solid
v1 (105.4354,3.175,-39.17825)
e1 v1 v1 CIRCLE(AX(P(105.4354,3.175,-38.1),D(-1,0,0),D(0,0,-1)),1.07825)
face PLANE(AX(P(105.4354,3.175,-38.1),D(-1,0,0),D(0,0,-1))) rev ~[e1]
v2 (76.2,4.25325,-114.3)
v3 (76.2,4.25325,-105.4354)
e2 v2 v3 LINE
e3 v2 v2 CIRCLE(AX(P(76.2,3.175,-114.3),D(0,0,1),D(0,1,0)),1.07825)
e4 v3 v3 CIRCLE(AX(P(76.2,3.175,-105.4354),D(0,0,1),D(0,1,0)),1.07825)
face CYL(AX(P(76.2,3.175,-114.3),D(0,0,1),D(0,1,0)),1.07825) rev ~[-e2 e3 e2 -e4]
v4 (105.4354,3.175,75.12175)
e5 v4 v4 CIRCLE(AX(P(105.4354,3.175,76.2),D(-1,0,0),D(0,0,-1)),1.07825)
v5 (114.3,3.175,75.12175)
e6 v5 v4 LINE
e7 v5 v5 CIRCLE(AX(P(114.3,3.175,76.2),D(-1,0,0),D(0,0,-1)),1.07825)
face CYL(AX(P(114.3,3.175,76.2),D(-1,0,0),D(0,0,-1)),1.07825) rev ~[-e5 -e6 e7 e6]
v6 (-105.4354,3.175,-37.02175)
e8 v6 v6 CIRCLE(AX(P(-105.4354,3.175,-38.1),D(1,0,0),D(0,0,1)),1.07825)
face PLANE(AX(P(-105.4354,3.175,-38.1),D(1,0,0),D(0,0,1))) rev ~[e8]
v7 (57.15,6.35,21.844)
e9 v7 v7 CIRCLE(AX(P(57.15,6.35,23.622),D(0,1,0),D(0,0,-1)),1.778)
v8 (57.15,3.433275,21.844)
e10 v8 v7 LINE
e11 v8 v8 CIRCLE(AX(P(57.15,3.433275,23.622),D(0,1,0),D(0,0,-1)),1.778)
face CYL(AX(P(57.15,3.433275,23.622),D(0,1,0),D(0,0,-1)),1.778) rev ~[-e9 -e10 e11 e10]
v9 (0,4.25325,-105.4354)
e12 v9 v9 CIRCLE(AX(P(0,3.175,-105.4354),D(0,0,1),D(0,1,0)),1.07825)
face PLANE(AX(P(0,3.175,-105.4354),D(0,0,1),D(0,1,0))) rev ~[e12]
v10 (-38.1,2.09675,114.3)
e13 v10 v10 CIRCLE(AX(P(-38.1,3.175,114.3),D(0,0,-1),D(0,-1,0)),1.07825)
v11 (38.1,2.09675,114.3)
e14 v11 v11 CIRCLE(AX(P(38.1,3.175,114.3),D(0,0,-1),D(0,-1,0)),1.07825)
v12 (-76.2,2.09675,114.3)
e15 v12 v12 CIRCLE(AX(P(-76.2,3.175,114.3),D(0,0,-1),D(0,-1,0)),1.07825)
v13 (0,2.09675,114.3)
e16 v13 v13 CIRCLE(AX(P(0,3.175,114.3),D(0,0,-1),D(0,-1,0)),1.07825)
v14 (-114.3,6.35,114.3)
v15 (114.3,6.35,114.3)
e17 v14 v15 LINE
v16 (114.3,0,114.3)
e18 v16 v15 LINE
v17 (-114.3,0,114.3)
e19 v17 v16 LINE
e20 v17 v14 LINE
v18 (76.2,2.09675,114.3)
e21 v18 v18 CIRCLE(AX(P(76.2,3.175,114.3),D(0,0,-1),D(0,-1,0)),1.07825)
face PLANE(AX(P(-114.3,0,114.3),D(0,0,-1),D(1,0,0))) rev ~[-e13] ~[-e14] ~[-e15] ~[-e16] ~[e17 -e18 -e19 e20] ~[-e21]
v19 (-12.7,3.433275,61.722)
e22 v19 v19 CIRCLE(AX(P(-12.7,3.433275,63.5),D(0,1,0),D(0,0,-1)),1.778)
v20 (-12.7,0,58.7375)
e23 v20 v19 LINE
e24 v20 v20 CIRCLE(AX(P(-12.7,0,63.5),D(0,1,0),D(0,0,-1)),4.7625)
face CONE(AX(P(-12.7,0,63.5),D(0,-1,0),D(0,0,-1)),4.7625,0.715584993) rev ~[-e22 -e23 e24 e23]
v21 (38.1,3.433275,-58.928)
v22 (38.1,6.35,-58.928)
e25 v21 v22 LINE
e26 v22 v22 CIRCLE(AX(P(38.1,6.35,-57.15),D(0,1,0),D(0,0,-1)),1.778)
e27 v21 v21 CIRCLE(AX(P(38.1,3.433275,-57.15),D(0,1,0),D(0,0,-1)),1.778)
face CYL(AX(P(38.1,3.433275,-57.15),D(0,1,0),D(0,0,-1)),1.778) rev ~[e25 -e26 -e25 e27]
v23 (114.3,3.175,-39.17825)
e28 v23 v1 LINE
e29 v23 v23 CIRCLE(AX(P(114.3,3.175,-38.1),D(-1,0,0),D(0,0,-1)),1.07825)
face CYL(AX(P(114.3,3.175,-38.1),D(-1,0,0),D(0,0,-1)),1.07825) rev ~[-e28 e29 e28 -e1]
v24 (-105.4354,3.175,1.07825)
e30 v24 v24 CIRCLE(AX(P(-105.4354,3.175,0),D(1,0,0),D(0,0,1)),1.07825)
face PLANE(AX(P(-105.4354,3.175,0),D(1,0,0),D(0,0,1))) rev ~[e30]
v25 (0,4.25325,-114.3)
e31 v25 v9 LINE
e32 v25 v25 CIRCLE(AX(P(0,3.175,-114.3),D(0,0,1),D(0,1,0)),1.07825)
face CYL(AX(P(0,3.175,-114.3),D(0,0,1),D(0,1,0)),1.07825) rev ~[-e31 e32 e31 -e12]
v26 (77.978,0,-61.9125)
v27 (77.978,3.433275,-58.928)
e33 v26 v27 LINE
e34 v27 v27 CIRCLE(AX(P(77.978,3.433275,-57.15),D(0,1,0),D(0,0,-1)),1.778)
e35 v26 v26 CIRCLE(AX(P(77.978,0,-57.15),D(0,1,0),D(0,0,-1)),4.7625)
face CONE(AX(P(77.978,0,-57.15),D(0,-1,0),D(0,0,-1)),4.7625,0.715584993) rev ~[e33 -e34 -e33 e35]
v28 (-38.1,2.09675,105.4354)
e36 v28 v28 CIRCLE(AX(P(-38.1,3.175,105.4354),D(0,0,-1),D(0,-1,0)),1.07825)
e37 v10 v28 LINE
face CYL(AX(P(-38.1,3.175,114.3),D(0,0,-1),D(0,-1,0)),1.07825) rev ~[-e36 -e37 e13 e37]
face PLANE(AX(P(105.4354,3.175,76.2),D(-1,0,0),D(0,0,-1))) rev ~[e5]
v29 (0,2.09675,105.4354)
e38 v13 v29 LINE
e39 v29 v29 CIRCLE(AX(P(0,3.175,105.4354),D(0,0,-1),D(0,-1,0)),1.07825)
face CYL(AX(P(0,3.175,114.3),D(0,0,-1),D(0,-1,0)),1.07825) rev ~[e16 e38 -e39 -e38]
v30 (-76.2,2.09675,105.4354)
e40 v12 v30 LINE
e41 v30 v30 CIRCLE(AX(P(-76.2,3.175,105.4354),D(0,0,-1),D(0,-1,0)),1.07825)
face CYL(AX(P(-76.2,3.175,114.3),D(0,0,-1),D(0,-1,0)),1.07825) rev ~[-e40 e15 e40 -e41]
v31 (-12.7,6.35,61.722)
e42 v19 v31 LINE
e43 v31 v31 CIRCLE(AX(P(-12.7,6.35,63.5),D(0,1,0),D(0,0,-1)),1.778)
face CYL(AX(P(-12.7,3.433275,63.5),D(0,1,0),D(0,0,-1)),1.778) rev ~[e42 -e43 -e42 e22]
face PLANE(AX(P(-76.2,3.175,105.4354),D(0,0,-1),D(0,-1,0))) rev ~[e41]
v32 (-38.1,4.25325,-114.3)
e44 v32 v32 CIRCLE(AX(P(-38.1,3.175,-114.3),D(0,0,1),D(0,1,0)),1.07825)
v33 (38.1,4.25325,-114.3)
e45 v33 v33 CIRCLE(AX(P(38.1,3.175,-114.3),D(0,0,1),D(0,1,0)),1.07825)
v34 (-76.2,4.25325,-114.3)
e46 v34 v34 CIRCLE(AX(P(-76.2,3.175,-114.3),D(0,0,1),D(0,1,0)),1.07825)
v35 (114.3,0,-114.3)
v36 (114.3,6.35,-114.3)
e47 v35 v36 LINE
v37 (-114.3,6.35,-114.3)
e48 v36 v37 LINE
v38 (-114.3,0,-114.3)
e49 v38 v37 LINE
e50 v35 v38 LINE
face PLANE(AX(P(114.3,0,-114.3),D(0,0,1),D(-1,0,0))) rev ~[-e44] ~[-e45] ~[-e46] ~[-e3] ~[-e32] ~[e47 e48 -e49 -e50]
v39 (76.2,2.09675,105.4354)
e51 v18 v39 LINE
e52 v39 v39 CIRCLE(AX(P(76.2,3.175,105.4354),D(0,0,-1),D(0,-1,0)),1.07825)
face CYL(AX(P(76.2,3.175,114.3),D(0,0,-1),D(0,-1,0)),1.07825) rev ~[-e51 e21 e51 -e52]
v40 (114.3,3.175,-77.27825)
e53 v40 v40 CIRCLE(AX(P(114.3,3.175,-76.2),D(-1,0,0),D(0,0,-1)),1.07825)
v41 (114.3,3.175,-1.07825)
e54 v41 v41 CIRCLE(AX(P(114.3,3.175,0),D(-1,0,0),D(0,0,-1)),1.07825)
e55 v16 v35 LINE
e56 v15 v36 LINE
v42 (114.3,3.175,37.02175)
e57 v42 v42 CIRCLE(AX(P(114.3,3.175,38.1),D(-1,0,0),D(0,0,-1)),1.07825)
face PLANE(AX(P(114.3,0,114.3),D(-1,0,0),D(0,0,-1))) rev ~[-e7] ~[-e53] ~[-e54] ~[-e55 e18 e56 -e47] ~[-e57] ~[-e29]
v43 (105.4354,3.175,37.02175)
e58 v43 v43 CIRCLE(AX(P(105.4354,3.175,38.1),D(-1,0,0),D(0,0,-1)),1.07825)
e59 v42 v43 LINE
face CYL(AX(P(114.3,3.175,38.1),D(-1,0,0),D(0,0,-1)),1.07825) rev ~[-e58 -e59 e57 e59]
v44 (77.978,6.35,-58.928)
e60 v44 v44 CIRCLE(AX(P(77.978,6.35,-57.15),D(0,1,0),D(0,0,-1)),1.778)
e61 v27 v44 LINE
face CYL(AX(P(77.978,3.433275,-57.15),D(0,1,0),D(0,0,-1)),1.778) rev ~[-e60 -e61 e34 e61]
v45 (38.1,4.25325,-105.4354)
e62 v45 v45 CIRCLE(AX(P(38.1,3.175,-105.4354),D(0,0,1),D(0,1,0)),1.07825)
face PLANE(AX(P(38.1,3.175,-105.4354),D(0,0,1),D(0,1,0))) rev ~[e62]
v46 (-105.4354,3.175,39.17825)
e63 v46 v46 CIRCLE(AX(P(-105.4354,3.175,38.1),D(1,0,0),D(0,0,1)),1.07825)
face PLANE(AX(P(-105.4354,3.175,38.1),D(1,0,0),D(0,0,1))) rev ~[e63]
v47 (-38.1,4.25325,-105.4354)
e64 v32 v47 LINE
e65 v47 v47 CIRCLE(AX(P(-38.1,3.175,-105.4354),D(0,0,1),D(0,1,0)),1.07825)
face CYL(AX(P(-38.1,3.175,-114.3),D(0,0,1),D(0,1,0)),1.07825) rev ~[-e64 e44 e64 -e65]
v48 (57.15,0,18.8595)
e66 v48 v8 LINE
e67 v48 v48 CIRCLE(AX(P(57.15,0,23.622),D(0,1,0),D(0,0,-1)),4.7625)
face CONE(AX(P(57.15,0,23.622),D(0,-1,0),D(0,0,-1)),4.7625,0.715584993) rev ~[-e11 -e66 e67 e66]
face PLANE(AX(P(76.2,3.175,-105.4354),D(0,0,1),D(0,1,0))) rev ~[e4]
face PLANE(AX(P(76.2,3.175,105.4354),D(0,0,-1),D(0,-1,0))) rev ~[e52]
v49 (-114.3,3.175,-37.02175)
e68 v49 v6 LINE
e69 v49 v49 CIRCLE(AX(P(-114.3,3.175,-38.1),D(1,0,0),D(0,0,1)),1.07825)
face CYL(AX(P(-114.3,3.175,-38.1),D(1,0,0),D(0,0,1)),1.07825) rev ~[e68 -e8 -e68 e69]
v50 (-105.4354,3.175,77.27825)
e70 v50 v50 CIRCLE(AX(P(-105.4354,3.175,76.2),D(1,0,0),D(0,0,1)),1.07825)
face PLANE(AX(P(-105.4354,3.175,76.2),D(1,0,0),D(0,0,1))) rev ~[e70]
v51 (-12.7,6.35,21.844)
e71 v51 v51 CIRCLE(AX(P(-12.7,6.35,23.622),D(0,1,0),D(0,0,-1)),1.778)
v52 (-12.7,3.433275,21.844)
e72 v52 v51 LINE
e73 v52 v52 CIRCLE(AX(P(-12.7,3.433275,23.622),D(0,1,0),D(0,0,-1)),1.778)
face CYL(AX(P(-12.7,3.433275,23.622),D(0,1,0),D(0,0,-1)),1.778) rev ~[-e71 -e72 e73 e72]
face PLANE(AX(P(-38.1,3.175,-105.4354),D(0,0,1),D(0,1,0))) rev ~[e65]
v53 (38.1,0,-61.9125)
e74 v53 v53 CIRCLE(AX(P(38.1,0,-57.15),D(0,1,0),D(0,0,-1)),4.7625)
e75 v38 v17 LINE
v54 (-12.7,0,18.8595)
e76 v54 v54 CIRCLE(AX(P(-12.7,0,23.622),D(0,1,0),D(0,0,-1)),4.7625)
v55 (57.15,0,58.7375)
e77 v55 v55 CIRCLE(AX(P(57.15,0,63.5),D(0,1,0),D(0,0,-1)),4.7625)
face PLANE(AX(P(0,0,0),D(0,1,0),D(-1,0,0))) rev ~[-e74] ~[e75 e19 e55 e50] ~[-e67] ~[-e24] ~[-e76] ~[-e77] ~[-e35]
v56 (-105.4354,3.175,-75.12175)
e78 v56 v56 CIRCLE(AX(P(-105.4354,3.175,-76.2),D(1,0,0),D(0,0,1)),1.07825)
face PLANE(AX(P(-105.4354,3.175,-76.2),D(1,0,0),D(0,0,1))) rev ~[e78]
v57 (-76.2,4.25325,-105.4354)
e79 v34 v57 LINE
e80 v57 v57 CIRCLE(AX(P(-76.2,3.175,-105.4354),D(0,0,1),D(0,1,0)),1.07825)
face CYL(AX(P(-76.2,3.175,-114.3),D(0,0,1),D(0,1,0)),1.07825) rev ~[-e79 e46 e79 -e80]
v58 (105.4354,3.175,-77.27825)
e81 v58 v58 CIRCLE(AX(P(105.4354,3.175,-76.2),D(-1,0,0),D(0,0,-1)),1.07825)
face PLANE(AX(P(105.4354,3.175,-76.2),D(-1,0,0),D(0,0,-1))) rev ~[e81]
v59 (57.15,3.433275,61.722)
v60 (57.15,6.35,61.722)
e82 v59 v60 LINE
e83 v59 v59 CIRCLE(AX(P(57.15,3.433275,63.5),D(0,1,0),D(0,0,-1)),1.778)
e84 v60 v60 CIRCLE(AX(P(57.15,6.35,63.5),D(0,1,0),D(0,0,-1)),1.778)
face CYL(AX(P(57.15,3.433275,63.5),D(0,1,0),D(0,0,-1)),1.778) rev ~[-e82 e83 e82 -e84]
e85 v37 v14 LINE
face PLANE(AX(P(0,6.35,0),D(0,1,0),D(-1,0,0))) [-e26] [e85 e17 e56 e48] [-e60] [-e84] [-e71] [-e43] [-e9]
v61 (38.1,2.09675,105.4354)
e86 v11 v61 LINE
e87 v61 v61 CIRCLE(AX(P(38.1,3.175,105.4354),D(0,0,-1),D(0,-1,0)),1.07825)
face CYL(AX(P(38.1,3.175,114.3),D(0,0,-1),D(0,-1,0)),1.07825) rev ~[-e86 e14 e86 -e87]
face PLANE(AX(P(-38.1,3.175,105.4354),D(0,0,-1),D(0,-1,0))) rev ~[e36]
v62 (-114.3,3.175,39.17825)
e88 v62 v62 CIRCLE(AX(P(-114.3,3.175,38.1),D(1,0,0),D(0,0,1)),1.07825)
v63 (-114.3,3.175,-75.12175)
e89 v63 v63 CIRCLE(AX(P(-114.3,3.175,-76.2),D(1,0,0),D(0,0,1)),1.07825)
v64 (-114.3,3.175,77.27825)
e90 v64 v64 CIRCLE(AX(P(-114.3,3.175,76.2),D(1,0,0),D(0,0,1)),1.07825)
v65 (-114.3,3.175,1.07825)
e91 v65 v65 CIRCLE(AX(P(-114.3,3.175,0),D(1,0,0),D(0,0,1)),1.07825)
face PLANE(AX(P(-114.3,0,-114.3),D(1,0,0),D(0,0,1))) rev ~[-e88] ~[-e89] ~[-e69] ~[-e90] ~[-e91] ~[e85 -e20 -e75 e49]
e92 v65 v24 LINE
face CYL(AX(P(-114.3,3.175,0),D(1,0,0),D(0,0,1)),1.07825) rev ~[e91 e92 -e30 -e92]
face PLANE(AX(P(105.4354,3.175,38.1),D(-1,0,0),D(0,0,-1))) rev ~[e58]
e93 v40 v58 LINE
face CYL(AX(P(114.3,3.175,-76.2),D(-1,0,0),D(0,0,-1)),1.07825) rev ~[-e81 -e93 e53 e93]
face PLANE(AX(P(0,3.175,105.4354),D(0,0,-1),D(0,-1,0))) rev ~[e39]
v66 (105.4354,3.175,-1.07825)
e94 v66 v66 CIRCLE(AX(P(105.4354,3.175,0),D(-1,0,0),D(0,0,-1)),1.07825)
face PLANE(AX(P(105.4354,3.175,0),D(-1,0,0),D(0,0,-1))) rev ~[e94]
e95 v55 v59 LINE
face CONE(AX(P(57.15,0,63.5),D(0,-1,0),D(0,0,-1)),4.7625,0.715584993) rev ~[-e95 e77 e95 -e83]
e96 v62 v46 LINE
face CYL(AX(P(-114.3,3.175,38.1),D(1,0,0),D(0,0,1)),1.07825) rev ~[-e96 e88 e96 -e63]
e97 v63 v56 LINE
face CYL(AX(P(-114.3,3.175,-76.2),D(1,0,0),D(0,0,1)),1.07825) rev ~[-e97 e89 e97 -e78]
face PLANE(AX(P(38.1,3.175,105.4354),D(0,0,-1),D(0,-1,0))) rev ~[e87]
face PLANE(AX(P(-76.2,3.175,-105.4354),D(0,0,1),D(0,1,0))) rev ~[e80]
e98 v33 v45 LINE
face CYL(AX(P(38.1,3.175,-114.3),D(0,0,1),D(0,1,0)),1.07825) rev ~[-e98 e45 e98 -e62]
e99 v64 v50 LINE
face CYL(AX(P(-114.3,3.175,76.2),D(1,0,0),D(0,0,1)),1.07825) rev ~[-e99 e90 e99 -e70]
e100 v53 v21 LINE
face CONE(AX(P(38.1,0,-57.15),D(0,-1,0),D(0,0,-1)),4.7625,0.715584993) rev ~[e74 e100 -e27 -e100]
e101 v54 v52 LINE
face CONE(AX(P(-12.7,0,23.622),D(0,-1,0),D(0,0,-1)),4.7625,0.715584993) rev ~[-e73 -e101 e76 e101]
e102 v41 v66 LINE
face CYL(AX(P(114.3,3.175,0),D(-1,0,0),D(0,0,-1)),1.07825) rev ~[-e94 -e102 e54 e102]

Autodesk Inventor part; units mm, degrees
ref_plane "YZ Plane" through (0, 0, 0) normal (1, 0, 0) x (0, 1, 0)
ref_plane "XZ Plane" through (0, 0, 0) normal (0, 1, 0) x (-1, 0, 0)
ref_plane "XY Plane" through (0, 0, 0) normal (0, 0, 1) x (1, 0, 0)
sketch "Sketch1" plane through (0, 0, 0) normal (0, 1, 0) x (-1, 0, 0)
  line L0 (114.3, 114.3) -> (-114.3, 114.3)
  line L1 (-114.3, 114.3) -> (-114.3, -114.3)
  line L2 (-114.3, -114.3) -> (114.3, -114.3)
  line L3 (114.3, -114.3) -> (114.3, 114.3)
  point P0 (0, 0)
  dimension "d0" = 228.6
  dimension "d1" = 228.6
extrude "Extrusion1" add sketch "Sketch1" along normal blind 6.35
sketch "Sketch2" plane through (114.3, 0, 114.3) normal (1, 0, 0) x (0, 0, -1)
  line L0 (0, 3.175) -> (38.1, 3.175)
  line L1 (38.1, 3.175) -> (76.2, 3.175)
  line L2 (76.2, 3.175) -> (114.3, 3.175)
  line L3 (114.3, 3.175) -> (152.4, 3.175)
  line L4 (152.4, 3.175) -> (190.5, 3.175)
  line L5 (190.5, 3.175) -> (228.6, 3.175)
  line L6 (228.6, 0) -> (228.6, 3.175)
  point P0 (114.3, 0)
  point P1 (0, 0)
  dimension "d4" = 38.1
  dimension "d5" = 38.1
  dimension "d6" = 38.1
  dimension "d7" = 38.1
  dimension "d8" = 38.1
  dimension "d85" = 3.175
hole "Hole1" at (114.3, 3.175, 76.2) at (114.3, 3.175, 38.1) at (114.3, 3.175, 0) at (114.3, 3.175, -38.1) at (114.3, 3.175, -76.2) direction (-1, 0, 0) diameter 2.1565 depth 8.8646 thread size "4-40 UNC" class "2B" standard "ANSI Unified Screw Threads"
sketch "Sketch3" plane through (114.3, 0, -114.3) normal (0, 0, -1) x (-1, 0, 0)
  line L0 (0, 0) -> (0, 3.175)
  line L1 (0, 3.175) -> (38.1, 3.175)
  line L2 (38.1, 3.175) -> (76.2, 3.175)
  line L3 (76.2, 3.175) -> (114.3, 3.175)
  line L4 (114.3, 3.175) -> (152.4, 3.175)
  line L5 (152.4, 3.175) -> (190.5, 3.175)
  line L6 (190.5, 3.175) -> (228.6, 3.175)
  line L7 (228.6, 0) -> (228.6, 6.35) projected
  point P0 (114.3, 0)
  dimension "d16" = 38.1
  dimension "d17" = 38.1
  dimension "d18" = 38.1
  dimension "d19" = 38.1
  dimension "d20" = 38.1
  dimension "d83" = 3.175
hole "Hole2" at (76.2, 3.175, -114.3) at (38.1, 3.175, -114.3) at (0, 3.175, -114.3) at (-38.1, 3.175, -114.3) at (-76.2, 3.175, -114.3) direction (0, 0, 1) diameter 2.1565 depth 8.8646 thread size "4-40 UNC" class "2B" standard "ANSI Unified Screw Threads"
sketch "Sketch4" plane through (-114.3, 0, -114.3) normal (-1, 0, 0) x (0, 0, 1)
  line L0 (0, 3.175) -> (38.1, 3.175)
  line L1 (38.1, 3.175) -> (76.2, 3.175)
  line L2 (76.2, 3.175) -> (114.3, 3.175)
  line L3 (114.3, 3.175) -> (152.4, 3.175)
  line L4 (152.4, 3.175) -> (190.5, 3.175)
  line L5 (0, 3.175) -> (0, 0)
  point P0 (114.3, 0)
  dimension "d28" = 38.1
  dimension "d29" = 38.1
  dimension "d30" = 38.1
  dimension "d31" = 38.1
  dimension "d32" = 38.1
  dimension "d86" = 3.175
hole "Hole3" at (-114.3, 3.175, -76.2) at (-114.3, 3.175, -38.1) at (-114.3, 3.175, 0) at (-114.3, 3.175, 38.1) at (-114.3, 3.175, 76.2) direction (1, 0, 0) diameter 2.1565 depth 8.8646 thread size "4-40 UNC" class "2B" standard "ANSI Unified Screw Threads"
sketch "Sketch5" plane through (-114.3, 0, 114.3) normal (0, 0, 1) x (1, 0, 0)
  line L0 (0, 0) -> (0, 3.175)
  line L1 (0, 0) -> (0, 6.35) projected
  line L2 (0, 3.175) -> (38.1, 3.175)
  line L3 (0, 3.175) -> (38.1, 3.175) construction
  line L4 (38.1, 3.175) -> (76.2, 3.175)
  line L5 (76.2, 3.175) -> (114.3, 3.175)
  line L6 (114.3, 3.175) -> (152.4, 3.175)
  line L7 (152.4, 3.175) -> (190.5, 3.175)
  point P0 (114.3, 0)
  dimension "d40" = 3.175
  dimension "d41" = 38.1
  dimension "d42" = 0
  dimension "d43" = 38.1
  dimension "d44" = 38.1
  dimension "d45" = 38.1
  dimension "d46" = 38.1
hole "Hole4" at (-76.2, 3.175, 114.3) at (-38.1, 3.175, 114.3) at (0, 3.175, 114.3) at (38.1, 3.175, 114.3) at (76.2, 3.175, 114.3) direction (0, 0, -1) diameter 2.1565 depth 8.8646 thread size "4-40 UNC" class "2B" standard "ANSI Unified Screw Threads"
sketch "Sketch6" plane through (0, 0, 0) normal (0, 1, 0) x (1, 0, 0)
  line L0 (-114.3, -114.3) -> (114.3, -114.3) projected
  line L1 (-114.3, -114.3) -> (-12.7, -114.3)
  line L2 (-12.7, -114.3) -> (-12.7, -63.5)
  line L3 (-12.7, -63.5) -> (-12.7, -23.622)
  line L4 (114.3, -114.3) -> (57.15, -114.3)
  line L5 (57.15, -114.3) -> (57.15, -63.5)
  line L6 (57.15, -63.5) -> (57.15, -23.622)
  line L7 (-114.3, 114.3) -> (-114.3, -114.3) projected
  line L8 (-114.3, 114.3) -> (-114.3, 57.15)
  line L9 (-114.3, 57.15) -> (38.1, 57.15)
  line L10 (38.1, 57.15) -> (77.978, 57.15)
  point P0 (0, 0)
  dimension "d54" = 101.6
  dimension "d55" = 50.8
  dimension "d56" = 39.878
  dimension "d57" = 57.15
  dimension "d58" = 57.15
  dimension "d59" = 152.4
  dimension "d60" = 39.878
hole "Hole5" at (77.978, 0, -57.15) at (38.1, 0, -57.15) at (-12.7, 0, 63.5) at (-12.7, 0, 23.622) at (57.15, 0, 23.622) at (57.15, 0, 63.5) direction (0, 1, 0) diameter 3.556 end through all countersink diameter 9.525 countersink angle 82
sketch "Sketch8" plane through (0, 6.35, 0) normal (0, 1, 0) x (1, 0, 0)
  circle A0 centre (57.15, -23.622) radius 1.778 projected
  circle A1 centre (-12.7, -63.5) radius 1.778 projected
  circle A2 centre (77.978, 57.15) radius 1.778 projected
  circle A3 centre (38.1, 57.15) radius 1.778 projected
  circle A4 centre (-12.7, -23.622) radius 1.778 projected
  circle A5 centre (57.15, -63.5) radius 1.778 projected
  line L0 (114.3, -114.3) -> (114.3, 114.3) projected
  line L1 (114.3, 114.3) -> (-114.3, 114.3) projected
  line L2 (-114.3, 114.3) -> (-114.3, -114.3) projected
  line L3 (-114.3, -114.3) -> (114.3, -114.3) projected
  point P0 (0, 0)
properties part number "sheetmetalbottom2.0"
